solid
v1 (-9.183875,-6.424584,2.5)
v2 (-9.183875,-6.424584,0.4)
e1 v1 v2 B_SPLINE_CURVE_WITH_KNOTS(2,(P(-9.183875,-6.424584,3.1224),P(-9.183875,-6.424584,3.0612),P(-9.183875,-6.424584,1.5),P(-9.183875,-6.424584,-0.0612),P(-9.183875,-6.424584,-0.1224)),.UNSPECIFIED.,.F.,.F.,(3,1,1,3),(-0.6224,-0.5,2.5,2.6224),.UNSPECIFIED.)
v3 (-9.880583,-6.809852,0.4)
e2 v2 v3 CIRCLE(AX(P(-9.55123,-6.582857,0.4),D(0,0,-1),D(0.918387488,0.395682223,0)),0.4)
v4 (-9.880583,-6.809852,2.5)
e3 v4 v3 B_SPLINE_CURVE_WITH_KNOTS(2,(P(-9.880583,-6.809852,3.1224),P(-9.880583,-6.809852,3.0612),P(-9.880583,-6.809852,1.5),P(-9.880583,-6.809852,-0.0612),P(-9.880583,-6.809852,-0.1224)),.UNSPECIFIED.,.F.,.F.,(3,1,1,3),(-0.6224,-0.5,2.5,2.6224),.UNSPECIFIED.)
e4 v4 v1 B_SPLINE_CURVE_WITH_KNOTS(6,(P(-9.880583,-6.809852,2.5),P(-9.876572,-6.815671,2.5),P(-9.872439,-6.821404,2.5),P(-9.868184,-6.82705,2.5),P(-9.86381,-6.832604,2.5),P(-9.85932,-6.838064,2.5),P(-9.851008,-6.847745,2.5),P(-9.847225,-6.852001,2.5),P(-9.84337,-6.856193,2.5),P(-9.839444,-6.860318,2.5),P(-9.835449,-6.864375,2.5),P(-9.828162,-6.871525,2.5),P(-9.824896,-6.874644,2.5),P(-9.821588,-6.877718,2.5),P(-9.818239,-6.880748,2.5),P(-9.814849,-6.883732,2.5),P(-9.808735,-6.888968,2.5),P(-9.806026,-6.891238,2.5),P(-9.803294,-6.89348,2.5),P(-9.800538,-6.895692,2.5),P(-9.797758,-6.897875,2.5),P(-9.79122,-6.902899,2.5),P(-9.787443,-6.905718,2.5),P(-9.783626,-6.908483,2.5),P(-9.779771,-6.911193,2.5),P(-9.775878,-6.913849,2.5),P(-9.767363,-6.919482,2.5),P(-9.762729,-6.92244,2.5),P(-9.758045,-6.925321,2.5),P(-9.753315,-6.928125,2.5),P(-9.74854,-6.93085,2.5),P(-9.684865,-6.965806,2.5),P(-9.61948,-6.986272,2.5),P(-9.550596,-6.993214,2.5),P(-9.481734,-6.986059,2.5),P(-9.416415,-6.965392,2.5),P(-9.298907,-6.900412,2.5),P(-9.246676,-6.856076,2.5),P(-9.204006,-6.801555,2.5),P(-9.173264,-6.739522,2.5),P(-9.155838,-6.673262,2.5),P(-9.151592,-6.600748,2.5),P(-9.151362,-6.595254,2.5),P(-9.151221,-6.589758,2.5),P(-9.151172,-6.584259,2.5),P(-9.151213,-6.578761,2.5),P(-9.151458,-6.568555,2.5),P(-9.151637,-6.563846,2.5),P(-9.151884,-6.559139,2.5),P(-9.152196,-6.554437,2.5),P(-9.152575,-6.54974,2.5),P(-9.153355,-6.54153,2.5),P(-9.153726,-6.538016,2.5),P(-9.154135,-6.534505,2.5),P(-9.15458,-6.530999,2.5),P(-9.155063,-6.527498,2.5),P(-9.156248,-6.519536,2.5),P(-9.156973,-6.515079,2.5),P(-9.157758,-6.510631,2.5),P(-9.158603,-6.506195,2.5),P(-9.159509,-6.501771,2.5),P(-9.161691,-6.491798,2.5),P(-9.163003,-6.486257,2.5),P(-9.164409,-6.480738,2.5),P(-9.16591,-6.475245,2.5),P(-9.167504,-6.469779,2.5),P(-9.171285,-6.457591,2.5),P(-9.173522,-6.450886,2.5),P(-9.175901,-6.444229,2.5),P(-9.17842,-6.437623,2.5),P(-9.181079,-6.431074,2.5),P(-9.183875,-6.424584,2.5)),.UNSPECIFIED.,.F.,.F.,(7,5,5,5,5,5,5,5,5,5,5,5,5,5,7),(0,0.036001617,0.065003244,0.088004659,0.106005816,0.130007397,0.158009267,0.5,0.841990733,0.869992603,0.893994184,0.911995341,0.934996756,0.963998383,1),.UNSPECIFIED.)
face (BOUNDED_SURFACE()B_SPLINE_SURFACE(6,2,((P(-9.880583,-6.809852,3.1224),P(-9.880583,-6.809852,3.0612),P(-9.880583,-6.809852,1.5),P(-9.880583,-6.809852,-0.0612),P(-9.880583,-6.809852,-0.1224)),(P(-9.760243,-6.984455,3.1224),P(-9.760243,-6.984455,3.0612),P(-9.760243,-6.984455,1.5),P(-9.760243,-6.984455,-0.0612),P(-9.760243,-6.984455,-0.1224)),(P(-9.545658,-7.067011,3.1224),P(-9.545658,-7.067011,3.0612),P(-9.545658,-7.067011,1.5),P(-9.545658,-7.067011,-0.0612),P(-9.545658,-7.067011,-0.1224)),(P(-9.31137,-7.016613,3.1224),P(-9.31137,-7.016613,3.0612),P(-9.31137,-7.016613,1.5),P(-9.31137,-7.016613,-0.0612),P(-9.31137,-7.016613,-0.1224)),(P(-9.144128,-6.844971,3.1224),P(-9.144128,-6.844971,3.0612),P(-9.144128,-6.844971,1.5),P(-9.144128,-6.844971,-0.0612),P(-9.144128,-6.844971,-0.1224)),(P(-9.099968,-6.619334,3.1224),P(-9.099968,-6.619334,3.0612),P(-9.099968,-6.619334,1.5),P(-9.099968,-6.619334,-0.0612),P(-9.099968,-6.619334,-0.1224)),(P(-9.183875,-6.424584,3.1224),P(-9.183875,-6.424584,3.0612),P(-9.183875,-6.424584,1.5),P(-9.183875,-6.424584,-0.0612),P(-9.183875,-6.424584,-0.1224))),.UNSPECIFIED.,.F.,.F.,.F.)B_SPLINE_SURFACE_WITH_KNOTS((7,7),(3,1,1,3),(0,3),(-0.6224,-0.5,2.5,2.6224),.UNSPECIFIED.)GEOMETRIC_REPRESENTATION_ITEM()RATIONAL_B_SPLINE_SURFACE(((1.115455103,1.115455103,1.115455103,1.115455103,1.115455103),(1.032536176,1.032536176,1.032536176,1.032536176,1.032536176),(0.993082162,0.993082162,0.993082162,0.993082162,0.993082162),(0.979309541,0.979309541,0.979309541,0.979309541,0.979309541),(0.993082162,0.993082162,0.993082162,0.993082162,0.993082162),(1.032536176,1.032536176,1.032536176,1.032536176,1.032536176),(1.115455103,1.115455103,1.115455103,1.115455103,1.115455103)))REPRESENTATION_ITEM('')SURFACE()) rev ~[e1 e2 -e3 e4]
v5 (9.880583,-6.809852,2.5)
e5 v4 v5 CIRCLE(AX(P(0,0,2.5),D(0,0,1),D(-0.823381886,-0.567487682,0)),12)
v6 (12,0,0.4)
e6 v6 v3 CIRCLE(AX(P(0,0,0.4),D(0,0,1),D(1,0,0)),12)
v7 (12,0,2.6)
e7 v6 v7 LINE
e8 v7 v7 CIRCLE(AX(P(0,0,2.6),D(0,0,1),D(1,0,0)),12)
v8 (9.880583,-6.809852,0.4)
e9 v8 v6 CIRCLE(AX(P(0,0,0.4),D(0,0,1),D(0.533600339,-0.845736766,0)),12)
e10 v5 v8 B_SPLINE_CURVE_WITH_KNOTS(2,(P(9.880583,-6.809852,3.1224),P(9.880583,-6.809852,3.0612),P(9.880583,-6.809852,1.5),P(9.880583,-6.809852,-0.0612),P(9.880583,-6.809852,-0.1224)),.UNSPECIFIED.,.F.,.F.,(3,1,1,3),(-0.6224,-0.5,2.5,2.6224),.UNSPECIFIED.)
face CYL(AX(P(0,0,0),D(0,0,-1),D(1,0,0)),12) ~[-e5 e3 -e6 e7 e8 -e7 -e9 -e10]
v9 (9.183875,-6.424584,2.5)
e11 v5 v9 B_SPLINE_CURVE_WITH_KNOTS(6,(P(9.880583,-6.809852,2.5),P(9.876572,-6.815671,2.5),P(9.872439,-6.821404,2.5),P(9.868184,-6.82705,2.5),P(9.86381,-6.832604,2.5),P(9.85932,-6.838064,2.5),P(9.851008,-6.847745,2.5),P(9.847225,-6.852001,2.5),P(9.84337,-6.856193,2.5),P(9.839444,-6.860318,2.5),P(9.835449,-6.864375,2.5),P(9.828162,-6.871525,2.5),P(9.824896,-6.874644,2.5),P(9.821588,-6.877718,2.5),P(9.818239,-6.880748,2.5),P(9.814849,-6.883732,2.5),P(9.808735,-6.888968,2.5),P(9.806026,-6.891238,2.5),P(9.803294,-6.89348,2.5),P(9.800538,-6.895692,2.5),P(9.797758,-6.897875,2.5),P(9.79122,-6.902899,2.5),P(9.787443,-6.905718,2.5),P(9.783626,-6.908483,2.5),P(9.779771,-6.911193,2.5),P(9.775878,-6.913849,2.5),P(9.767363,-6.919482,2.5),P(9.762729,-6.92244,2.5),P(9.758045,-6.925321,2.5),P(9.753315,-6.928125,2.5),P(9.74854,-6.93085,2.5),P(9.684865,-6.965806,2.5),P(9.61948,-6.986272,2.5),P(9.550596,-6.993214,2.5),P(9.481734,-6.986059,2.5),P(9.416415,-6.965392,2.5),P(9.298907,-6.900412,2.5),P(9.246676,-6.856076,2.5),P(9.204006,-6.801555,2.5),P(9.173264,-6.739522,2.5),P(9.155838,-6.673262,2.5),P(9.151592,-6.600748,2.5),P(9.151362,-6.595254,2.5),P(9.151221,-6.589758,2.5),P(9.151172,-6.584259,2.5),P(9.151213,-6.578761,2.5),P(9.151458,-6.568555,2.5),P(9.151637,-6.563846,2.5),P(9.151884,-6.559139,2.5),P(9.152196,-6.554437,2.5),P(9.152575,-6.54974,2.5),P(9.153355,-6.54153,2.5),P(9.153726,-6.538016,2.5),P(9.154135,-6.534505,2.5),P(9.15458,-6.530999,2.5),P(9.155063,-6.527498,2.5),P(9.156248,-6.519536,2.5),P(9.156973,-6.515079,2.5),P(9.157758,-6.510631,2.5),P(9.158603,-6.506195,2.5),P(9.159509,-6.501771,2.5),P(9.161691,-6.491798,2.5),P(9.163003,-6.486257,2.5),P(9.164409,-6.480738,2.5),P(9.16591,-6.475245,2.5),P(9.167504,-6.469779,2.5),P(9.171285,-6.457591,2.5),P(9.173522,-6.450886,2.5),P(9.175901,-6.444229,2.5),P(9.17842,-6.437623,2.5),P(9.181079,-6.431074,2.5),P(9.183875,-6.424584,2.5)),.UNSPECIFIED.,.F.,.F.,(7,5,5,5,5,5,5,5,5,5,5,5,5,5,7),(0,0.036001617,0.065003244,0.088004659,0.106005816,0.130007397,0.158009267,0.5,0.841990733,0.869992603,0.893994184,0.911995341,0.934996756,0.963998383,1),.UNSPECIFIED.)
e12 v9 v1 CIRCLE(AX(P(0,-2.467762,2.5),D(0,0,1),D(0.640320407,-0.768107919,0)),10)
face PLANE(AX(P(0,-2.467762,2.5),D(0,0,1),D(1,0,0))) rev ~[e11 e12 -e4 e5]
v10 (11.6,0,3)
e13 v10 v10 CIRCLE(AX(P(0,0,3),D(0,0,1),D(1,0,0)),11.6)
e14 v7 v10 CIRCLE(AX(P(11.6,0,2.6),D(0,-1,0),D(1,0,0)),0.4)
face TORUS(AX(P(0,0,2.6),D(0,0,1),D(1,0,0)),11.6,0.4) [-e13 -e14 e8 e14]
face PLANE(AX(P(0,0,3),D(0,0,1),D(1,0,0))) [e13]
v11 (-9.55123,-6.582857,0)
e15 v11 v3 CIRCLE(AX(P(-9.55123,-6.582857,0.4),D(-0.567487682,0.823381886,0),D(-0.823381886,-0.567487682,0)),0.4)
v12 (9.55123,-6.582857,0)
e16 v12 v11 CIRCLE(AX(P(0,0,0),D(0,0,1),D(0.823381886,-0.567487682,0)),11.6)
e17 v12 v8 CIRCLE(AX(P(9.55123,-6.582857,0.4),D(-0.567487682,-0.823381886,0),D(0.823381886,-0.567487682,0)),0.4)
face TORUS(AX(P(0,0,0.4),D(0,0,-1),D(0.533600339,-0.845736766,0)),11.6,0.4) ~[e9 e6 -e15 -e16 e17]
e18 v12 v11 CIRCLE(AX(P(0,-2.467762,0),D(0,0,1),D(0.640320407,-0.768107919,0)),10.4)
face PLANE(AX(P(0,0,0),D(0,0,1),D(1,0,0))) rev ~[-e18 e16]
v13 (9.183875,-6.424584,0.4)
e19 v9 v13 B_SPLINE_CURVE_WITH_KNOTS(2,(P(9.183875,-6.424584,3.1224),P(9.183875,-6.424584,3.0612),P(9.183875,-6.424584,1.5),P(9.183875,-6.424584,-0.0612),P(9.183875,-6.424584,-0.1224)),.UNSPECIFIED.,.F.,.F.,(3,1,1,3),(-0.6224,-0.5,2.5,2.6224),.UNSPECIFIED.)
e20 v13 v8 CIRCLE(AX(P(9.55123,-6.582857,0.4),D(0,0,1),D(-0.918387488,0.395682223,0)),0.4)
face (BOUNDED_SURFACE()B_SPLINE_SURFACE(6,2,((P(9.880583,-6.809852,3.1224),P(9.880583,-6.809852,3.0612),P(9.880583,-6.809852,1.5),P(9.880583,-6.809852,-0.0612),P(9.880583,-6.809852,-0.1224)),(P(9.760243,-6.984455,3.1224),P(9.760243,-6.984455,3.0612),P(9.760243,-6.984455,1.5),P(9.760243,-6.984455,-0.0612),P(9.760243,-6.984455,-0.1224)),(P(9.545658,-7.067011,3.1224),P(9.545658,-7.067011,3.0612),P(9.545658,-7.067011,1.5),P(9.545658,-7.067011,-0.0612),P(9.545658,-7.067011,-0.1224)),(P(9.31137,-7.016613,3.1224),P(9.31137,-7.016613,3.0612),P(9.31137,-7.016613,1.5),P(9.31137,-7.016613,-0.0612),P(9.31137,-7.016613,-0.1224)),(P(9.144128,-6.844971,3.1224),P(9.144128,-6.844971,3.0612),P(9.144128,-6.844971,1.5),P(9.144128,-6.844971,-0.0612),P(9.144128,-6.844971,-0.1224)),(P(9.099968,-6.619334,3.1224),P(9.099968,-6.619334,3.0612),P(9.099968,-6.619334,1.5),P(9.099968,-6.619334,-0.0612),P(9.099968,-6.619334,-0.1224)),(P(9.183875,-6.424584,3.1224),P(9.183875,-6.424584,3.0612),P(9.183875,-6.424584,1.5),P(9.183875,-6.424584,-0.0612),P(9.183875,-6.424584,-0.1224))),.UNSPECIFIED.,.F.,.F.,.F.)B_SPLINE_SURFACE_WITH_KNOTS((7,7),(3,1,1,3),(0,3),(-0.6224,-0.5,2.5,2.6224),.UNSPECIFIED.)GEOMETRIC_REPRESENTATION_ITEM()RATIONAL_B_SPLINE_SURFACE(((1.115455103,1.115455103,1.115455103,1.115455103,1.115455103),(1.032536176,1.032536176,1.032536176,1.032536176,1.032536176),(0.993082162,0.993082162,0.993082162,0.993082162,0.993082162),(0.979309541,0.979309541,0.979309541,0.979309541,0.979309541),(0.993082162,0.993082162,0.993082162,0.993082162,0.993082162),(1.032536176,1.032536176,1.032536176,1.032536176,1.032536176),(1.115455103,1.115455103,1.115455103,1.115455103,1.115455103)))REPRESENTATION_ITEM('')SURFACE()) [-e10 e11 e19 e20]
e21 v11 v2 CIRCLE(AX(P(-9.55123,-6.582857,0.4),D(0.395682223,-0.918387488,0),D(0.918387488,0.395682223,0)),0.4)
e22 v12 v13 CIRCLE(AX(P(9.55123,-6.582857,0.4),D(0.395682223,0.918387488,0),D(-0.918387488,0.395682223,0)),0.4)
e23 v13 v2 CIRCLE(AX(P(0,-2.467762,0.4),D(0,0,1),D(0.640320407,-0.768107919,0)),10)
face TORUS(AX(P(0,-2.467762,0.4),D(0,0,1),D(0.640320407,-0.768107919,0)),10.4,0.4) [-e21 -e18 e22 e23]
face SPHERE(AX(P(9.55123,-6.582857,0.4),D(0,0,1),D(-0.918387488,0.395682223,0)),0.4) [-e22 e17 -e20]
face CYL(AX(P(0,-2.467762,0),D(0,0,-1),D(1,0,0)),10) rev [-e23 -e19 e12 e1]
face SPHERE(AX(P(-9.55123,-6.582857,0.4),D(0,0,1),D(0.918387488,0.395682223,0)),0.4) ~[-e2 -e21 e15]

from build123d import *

# Parameters (mm, degrees)
SKETCH_R     = 12
PAD_DEPTH    = 3
SKETCH001_R  = 10
POCKET_DEPTH = 2.5
FILLET_R     = 0.4


with BuildPart() as part:
    # Sketch → Pad (new body)
    with BuildSketch(Plane.XY):
        Circle(SKETCH_R)
    extrude(amount=PAD_DEPTH)

    # Sketch001 → Pocket (cut)
    with BuildSketch(Plane.XY):
        with Locations((0, -2.467762)):
            Circle(SKETCH001_R)
    extrude(amount=POCKET_DEPTH, mode=Mode.SUBTRACT)

    # Fillet
    fillet_edges = [part.edges().sort_by_distance(p)[0] for p in [
        (-12, 0, 3),
        (-4.240751, 6.588508, 0),
        (-5.794891, 10.508056, 0),
        (9.05627, -6.708513, 0),
        (-6.403207, -10.14884, 1.25),
        (6.403207, -10.14884, 1.25),
    ]]
    fillet(fillet_edges, radius=FILLET_R)


solid = part.part
